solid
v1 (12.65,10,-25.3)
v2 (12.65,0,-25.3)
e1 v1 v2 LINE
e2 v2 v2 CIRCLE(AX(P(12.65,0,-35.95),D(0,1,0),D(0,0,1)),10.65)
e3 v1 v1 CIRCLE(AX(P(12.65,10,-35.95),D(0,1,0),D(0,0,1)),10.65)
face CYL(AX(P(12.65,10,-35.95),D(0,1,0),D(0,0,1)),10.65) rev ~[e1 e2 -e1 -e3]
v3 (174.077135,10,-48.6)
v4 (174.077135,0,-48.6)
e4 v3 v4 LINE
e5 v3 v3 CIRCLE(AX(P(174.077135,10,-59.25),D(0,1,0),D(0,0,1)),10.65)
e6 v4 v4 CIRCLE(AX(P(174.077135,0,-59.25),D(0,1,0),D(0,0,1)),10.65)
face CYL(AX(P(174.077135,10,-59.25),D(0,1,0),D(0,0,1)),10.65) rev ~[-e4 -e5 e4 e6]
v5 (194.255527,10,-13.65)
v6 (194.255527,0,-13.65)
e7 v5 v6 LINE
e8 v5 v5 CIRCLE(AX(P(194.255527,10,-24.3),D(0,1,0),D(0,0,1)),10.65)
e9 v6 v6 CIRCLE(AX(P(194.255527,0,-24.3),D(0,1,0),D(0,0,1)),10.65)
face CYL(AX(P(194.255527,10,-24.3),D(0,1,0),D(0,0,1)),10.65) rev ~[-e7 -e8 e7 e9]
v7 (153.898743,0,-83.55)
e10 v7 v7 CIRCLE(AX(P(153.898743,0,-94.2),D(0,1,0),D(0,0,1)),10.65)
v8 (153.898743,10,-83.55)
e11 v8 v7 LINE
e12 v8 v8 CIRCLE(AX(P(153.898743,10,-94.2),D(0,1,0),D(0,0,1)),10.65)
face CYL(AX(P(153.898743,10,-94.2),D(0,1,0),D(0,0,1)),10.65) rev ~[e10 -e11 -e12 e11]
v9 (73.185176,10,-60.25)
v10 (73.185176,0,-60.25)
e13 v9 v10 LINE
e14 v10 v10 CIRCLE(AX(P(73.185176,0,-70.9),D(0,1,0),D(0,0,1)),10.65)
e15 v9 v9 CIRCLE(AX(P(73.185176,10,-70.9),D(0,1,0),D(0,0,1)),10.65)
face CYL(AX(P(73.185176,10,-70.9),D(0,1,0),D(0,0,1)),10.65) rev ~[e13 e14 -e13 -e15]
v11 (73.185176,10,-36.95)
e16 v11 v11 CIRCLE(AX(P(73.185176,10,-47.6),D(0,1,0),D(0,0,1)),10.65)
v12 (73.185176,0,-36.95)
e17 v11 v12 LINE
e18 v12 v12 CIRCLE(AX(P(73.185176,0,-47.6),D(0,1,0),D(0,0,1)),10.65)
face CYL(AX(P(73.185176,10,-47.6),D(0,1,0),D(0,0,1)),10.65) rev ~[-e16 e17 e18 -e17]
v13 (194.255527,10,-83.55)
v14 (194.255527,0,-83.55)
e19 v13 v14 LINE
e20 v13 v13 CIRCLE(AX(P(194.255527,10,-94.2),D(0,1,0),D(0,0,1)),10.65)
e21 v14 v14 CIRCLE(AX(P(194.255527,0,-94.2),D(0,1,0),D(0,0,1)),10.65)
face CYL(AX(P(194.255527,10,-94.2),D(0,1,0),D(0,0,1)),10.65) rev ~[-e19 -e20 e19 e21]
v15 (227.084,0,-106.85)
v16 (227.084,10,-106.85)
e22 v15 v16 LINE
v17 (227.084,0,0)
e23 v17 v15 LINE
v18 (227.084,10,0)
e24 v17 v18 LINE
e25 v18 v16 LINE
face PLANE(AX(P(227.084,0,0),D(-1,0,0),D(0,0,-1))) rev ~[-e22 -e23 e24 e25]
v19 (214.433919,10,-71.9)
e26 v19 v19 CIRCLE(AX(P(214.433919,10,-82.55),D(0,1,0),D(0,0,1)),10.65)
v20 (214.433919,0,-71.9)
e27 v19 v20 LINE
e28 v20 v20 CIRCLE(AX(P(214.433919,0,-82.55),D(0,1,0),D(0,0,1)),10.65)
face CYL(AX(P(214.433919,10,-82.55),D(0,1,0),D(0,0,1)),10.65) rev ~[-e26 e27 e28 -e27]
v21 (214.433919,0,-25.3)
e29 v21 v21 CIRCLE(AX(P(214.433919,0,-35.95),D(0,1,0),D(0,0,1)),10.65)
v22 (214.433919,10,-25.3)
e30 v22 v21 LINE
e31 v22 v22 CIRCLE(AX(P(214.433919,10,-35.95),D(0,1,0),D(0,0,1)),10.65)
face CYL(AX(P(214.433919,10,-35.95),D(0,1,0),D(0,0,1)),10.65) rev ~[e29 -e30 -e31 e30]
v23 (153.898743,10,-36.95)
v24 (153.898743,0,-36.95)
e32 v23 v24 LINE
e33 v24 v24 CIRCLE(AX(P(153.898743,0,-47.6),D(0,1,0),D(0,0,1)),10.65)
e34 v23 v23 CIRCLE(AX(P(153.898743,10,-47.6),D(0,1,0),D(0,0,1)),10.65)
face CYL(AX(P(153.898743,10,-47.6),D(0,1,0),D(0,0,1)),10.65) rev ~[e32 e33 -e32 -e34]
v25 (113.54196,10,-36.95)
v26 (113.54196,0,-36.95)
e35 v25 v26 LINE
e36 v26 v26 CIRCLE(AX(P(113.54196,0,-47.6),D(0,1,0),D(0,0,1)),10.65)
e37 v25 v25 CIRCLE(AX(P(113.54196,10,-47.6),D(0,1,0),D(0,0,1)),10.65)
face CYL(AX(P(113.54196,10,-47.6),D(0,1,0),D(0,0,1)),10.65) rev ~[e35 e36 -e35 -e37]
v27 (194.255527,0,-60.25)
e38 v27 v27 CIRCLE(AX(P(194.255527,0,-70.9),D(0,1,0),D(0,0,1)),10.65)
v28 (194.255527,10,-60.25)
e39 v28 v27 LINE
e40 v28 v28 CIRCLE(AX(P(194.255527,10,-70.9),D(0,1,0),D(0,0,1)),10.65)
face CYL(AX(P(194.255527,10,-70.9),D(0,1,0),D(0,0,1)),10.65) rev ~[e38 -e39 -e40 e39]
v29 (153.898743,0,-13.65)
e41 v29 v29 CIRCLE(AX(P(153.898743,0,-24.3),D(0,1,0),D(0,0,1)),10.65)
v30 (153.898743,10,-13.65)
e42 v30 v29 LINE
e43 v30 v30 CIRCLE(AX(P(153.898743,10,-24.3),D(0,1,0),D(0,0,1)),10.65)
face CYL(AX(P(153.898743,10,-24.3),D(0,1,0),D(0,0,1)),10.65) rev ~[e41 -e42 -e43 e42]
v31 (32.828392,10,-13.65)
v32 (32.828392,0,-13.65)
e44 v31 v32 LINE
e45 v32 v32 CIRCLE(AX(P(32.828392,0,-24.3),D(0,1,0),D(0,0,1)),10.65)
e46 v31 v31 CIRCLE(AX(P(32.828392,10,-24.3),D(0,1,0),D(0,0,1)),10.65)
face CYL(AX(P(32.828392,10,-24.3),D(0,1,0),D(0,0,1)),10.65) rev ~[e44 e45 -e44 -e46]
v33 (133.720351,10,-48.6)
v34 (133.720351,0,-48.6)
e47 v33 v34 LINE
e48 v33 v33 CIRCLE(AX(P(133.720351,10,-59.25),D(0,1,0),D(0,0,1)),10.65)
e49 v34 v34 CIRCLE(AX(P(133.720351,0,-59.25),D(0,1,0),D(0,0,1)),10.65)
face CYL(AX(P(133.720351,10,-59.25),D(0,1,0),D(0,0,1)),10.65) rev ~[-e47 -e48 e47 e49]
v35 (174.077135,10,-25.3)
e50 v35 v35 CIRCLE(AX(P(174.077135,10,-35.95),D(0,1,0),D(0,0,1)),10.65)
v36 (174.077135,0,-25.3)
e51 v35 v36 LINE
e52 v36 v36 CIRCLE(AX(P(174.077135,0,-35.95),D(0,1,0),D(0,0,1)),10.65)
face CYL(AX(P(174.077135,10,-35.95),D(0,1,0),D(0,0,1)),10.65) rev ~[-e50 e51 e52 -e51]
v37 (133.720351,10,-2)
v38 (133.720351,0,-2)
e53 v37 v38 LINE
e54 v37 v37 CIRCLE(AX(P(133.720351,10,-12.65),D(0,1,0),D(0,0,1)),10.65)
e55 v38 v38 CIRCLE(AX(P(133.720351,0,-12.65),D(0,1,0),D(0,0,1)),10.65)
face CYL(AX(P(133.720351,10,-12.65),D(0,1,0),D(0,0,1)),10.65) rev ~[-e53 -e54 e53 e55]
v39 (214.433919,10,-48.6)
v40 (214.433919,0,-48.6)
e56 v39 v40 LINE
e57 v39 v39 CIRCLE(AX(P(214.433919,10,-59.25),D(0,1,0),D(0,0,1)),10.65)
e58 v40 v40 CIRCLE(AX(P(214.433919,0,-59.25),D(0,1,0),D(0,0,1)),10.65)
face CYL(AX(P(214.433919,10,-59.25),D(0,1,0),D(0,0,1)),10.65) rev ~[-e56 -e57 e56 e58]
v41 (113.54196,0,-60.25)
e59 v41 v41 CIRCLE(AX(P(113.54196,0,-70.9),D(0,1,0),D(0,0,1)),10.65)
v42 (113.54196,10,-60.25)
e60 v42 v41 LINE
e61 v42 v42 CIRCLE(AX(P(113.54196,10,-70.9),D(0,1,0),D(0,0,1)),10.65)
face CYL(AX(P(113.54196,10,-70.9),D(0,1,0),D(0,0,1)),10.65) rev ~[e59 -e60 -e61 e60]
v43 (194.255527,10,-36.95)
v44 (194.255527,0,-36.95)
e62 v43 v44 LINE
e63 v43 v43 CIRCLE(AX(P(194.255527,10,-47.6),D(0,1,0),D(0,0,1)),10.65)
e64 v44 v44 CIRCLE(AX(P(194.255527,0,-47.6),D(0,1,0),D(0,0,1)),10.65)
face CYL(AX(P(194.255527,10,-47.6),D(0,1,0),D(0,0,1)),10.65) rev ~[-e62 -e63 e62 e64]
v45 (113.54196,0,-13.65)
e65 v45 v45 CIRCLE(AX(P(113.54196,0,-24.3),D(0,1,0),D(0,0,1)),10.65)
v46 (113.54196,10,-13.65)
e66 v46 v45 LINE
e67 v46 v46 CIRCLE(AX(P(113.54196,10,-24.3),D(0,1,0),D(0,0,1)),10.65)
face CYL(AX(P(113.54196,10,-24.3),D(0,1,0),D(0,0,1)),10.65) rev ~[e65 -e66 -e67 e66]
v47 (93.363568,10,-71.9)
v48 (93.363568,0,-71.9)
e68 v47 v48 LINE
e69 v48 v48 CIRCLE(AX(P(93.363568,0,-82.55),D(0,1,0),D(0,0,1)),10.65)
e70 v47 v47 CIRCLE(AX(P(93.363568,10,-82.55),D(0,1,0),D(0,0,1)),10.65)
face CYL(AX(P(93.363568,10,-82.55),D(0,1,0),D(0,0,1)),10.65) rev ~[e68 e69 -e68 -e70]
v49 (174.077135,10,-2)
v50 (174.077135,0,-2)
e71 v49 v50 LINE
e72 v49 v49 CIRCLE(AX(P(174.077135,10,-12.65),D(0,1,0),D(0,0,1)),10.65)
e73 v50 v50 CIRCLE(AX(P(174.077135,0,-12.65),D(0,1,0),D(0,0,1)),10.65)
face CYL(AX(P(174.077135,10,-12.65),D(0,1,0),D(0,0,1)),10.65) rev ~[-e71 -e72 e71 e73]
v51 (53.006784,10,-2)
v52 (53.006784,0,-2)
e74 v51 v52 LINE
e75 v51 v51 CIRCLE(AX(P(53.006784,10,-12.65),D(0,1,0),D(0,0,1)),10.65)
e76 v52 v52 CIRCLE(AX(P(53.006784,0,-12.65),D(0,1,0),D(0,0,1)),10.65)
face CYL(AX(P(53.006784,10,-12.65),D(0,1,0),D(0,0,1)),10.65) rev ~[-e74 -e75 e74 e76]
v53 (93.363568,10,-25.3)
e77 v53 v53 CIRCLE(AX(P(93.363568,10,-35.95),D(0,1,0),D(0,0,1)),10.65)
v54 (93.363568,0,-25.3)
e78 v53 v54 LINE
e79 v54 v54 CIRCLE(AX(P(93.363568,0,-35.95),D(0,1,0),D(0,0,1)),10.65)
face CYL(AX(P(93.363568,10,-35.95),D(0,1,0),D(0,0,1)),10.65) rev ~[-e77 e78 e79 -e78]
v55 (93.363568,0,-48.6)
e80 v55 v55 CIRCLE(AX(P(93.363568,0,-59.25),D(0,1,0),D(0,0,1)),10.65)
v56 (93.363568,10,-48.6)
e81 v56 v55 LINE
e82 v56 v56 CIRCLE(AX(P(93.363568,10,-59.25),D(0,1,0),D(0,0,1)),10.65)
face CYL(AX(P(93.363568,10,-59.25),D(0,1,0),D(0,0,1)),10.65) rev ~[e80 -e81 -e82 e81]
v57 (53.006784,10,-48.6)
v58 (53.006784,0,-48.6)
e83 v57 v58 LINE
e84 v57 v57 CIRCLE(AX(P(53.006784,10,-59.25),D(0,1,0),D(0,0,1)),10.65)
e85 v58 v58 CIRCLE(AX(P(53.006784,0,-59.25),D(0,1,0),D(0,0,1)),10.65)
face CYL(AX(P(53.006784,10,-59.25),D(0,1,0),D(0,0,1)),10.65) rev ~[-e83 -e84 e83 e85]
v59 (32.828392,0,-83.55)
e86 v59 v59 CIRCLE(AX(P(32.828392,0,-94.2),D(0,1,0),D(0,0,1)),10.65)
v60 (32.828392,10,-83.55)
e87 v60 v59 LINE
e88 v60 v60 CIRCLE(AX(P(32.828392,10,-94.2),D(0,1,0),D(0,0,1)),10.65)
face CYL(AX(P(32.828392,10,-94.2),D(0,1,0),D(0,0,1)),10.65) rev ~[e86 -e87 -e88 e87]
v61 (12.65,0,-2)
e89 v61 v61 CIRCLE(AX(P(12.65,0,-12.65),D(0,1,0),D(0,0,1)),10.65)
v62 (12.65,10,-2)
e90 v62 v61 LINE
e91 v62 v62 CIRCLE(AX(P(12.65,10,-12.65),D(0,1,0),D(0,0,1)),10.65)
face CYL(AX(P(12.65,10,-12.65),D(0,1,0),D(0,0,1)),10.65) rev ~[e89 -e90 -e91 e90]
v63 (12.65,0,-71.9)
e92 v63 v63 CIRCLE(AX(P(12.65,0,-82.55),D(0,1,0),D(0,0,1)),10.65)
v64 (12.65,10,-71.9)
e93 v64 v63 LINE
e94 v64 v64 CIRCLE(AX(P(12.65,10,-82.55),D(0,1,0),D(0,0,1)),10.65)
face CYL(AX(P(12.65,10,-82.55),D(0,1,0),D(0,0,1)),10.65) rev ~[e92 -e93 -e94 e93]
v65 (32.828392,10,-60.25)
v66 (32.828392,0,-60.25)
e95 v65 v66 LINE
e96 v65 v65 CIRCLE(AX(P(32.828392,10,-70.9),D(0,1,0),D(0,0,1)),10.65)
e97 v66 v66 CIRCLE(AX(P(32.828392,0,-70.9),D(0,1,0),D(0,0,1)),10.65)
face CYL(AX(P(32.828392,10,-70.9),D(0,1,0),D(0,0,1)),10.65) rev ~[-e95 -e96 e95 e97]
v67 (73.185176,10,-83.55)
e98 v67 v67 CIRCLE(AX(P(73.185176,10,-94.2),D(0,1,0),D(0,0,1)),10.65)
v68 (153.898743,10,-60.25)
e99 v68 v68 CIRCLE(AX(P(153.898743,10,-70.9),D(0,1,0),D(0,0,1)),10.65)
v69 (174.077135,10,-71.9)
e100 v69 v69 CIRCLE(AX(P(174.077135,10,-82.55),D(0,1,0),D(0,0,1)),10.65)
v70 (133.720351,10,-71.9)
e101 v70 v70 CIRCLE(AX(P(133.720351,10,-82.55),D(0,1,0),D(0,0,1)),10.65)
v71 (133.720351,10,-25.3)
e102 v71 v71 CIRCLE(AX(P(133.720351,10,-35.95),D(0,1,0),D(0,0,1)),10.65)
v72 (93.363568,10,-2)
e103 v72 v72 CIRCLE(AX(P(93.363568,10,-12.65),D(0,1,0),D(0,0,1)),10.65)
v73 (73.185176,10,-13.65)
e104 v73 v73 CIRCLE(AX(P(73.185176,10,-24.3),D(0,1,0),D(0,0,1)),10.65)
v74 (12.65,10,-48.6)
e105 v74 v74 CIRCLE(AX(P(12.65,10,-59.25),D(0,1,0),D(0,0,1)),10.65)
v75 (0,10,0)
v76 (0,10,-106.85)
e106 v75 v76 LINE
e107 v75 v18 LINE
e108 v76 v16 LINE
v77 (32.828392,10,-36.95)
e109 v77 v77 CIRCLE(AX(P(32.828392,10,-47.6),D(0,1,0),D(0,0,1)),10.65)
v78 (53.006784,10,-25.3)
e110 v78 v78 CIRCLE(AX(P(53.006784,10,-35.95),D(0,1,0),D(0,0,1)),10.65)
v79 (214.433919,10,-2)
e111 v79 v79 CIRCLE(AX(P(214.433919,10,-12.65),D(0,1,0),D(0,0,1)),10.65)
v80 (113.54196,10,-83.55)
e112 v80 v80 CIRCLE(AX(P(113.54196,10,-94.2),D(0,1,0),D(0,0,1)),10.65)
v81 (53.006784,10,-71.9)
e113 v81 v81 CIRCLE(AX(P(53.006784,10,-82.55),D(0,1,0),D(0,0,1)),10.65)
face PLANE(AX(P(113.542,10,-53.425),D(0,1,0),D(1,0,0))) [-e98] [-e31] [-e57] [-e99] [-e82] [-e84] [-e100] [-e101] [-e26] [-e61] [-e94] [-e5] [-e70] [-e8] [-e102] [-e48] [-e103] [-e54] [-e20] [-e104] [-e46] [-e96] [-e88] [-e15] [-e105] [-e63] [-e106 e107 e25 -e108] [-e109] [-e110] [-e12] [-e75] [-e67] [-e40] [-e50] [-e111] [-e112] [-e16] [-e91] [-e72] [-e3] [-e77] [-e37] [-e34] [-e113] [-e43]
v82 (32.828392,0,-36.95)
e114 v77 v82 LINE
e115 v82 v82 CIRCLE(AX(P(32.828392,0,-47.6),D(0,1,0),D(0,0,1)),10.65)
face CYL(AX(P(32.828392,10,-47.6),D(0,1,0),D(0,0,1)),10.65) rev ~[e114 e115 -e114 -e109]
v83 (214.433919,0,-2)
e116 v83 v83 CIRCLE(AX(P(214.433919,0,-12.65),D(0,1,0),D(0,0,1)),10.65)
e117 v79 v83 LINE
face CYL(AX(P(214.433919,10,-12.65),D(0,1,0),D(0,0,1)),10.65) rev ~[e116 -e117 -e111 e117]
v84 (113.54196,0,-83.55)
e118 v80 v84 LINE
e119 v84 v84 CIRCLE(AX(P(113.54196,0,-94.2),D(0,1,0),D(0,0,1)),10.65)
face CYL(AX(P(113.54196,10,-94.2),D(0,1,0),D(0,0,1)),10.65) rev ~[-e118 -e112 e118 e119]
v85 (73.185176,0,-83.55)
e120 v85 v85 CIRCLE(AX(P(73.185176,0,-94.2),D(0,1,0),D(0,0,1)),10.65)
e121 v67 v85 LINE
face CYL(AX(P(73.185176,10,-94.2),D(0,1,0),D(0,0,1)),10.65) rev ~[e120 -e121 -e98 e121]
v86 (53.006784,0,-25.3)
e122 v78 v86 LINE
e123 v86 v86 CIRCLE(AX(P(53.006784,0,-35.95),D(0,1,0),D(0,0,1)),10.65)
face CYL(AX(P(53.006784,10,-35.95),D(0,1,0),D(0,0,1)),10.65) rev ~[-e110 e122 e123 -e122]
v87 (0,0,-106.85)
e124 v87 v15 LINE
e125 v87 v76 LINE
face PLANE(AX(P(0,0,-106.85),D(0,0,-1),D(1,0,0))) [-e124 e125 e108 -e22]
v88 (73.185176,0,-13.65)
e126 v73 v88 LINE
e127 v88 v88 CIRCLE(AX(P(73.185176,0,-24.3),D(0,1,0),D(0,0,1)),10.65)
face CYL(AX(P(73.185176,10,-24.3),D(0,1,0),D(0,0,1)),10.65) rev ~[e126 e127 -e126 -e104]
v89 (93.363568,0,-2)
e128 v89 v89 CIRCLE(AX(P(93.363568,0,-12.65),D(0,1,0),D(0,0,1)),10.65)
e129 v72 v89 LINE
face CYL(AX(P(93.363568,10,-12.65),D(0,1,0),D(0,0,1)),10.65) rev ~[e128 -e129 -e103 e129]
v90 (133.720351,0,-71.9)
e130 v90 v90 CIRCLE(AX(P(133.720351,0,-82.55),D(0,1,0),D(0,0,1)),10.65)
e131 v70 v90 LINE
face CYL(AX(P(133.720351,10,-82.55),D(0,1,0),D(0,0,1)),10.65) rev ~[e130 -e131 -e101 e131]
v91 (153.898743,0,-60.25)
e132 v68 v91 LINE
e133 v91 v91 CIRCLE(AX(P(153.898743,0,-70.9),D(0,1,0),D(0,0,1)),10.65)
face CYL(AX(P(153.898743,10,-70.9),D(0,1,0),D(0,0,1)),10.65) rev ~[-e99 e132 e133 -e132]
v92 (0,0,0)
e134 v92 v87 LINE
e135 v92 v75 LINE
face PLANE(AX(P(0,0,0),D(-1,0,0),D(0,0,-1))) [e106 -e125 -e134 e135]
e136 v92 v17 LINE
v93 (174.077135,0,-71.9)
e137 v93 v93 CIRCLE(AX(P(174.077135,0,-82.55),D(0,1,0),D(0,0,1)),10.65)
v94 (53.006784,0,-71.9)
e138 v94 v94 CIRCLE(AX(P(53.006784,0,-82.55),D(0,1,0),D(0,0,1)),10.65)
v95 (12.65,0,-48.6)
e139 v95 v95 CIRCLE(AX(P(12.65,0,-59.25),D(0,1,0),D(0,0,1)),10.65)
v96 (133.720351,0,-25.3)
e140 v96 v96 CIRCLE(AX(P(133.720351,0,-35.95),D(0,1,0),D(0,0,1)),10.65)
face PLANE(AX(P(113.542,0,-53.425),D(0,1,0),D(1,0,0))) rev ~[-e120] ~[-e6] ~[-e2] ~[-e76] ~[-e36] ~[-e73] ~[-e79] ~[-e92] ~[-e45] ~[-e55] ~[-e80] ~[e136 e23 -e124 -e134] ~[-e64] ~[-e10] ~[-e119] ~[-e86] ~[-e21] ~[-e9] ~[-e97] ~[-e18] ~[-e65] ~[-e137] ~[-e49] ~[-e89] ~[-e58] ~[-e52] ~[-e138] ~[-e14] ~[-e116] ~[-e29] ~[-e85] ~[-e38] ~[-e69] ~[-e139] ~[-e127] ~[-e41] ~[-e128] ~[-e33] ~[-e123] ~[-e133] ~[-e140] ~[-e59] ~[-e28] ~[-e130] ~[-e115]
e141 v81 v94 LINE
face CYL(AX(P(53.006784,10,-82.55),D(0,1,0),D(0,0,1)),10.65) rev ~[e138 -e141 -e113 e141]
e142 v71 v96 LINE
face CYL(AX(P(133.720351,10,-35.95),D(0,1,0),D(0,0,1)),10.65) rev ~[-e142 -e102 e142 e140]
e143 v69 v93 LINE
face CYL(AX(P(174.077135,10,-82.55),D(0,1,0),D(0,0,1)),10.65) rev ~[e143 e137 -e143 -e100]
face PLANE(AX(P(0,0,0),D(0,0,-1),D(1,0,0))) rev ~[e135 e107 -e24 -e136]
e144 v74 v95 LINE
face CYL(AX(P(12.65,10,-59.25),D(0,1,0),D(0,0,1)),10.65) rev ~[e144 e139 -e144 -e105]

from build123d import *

# Parameters (mm, degrees)
SKETCH1_W            = 227.084
SKETCH1_H            = 106.85
BOSS_EXTRUDE1_DEPTH  = 10
SKETCH2_R            = 10.65
CUT_EXTRUDE1_DEPTH   = 22.3
LPATTERN1_COUNT      = 4
LPATTERN1_PITCH      = 23.3
LPATTERN1_COUNT_DIR2 = 6
LPATTERN1_PITCH_DIR2 = 40.356783816
SKETCH6_R            = 10.65
CUT_EXTRUDE2_DEPTH   = 252.165414729
LPATTERN2_COUNT      = 4
LPATTERN2_PITCH      = 23.3
LPATTERN2_COUNT_DIR2 = 5
LPATTERN2_PITCH_DIR2 = 40.356783816


with BuildPart() as part:
    # Sketch1 → Boss-Extrude1 (new body)
    with BuildSketch(Plane(origin=(0, 0, 0), x_dir=(1, 0, 0), z_dir=(0, 1, 0))):
        with Locations((113.542, 53.425)):
            Rectangle(SKETCH1_W, SKETCH1_H)
    extrude(amount=BOSS_EXTRUDE1_DEPTH)

    # Sketch2 → Cut-Extrude1 (cut)
    with BuildSketch(Plane(origin=(0, 10, 0), x_dir=(1, 0, 0), z_dir=(0, 1, 0))):
        with Locations(Location((12.65, 12.65, 0), (0, 0, 270))):
            Circle(SKETCH2_R)
    cut_extrude1 = extrude(amount=-CUT_EXTRUDE1_DEPTH, mode=Mode.SUBTRACT)

    # LPattern1: Cut-Extrude1 4 × 6
    with Locations(*[(j * LPATTERN1_PITCH_DIR2, 0, -i * LPATTERN1_PITCH) for i in range(LPATTERN1_COUNT) for j in range(LPATTERN1_COUNT_DIR2) if (i, j) != (0, 0)]):
        add(cut_extrude1, mode=Mode.SUBTRACT)

    # Sketch6 → Cut-Extrude2 (cut, through all)
    with BuildSketch(Plane(origin=(0, 10, 0), x_dir=(1, 0, 0), z_dir=(0, 1, 0))):
        with Locations(Location((32.828391908, 24.3, 0), (0, 0, 270))):
            Circle(SKETCH6_R)
    cut_extrude2 = extrude(amount=-CUT_EXTRUDE2_DEPTH, mode=Mode.SUBTRACT)

    # LPattern2: Cut-Extrude2 4 × 5
    with Locations(*[(j * LPATTERN2_PITCH_DIR2, 0, -i * LPATTERN2_PITCH) for i in range(LPATTERN2_COUNT) for j in range(LPATTERN2_COUNT_DIR2) if (i, j) != (0, 0)]):
        add(cut_extrude2, mode=Mode.SUBTRACT)


solid = part.part
